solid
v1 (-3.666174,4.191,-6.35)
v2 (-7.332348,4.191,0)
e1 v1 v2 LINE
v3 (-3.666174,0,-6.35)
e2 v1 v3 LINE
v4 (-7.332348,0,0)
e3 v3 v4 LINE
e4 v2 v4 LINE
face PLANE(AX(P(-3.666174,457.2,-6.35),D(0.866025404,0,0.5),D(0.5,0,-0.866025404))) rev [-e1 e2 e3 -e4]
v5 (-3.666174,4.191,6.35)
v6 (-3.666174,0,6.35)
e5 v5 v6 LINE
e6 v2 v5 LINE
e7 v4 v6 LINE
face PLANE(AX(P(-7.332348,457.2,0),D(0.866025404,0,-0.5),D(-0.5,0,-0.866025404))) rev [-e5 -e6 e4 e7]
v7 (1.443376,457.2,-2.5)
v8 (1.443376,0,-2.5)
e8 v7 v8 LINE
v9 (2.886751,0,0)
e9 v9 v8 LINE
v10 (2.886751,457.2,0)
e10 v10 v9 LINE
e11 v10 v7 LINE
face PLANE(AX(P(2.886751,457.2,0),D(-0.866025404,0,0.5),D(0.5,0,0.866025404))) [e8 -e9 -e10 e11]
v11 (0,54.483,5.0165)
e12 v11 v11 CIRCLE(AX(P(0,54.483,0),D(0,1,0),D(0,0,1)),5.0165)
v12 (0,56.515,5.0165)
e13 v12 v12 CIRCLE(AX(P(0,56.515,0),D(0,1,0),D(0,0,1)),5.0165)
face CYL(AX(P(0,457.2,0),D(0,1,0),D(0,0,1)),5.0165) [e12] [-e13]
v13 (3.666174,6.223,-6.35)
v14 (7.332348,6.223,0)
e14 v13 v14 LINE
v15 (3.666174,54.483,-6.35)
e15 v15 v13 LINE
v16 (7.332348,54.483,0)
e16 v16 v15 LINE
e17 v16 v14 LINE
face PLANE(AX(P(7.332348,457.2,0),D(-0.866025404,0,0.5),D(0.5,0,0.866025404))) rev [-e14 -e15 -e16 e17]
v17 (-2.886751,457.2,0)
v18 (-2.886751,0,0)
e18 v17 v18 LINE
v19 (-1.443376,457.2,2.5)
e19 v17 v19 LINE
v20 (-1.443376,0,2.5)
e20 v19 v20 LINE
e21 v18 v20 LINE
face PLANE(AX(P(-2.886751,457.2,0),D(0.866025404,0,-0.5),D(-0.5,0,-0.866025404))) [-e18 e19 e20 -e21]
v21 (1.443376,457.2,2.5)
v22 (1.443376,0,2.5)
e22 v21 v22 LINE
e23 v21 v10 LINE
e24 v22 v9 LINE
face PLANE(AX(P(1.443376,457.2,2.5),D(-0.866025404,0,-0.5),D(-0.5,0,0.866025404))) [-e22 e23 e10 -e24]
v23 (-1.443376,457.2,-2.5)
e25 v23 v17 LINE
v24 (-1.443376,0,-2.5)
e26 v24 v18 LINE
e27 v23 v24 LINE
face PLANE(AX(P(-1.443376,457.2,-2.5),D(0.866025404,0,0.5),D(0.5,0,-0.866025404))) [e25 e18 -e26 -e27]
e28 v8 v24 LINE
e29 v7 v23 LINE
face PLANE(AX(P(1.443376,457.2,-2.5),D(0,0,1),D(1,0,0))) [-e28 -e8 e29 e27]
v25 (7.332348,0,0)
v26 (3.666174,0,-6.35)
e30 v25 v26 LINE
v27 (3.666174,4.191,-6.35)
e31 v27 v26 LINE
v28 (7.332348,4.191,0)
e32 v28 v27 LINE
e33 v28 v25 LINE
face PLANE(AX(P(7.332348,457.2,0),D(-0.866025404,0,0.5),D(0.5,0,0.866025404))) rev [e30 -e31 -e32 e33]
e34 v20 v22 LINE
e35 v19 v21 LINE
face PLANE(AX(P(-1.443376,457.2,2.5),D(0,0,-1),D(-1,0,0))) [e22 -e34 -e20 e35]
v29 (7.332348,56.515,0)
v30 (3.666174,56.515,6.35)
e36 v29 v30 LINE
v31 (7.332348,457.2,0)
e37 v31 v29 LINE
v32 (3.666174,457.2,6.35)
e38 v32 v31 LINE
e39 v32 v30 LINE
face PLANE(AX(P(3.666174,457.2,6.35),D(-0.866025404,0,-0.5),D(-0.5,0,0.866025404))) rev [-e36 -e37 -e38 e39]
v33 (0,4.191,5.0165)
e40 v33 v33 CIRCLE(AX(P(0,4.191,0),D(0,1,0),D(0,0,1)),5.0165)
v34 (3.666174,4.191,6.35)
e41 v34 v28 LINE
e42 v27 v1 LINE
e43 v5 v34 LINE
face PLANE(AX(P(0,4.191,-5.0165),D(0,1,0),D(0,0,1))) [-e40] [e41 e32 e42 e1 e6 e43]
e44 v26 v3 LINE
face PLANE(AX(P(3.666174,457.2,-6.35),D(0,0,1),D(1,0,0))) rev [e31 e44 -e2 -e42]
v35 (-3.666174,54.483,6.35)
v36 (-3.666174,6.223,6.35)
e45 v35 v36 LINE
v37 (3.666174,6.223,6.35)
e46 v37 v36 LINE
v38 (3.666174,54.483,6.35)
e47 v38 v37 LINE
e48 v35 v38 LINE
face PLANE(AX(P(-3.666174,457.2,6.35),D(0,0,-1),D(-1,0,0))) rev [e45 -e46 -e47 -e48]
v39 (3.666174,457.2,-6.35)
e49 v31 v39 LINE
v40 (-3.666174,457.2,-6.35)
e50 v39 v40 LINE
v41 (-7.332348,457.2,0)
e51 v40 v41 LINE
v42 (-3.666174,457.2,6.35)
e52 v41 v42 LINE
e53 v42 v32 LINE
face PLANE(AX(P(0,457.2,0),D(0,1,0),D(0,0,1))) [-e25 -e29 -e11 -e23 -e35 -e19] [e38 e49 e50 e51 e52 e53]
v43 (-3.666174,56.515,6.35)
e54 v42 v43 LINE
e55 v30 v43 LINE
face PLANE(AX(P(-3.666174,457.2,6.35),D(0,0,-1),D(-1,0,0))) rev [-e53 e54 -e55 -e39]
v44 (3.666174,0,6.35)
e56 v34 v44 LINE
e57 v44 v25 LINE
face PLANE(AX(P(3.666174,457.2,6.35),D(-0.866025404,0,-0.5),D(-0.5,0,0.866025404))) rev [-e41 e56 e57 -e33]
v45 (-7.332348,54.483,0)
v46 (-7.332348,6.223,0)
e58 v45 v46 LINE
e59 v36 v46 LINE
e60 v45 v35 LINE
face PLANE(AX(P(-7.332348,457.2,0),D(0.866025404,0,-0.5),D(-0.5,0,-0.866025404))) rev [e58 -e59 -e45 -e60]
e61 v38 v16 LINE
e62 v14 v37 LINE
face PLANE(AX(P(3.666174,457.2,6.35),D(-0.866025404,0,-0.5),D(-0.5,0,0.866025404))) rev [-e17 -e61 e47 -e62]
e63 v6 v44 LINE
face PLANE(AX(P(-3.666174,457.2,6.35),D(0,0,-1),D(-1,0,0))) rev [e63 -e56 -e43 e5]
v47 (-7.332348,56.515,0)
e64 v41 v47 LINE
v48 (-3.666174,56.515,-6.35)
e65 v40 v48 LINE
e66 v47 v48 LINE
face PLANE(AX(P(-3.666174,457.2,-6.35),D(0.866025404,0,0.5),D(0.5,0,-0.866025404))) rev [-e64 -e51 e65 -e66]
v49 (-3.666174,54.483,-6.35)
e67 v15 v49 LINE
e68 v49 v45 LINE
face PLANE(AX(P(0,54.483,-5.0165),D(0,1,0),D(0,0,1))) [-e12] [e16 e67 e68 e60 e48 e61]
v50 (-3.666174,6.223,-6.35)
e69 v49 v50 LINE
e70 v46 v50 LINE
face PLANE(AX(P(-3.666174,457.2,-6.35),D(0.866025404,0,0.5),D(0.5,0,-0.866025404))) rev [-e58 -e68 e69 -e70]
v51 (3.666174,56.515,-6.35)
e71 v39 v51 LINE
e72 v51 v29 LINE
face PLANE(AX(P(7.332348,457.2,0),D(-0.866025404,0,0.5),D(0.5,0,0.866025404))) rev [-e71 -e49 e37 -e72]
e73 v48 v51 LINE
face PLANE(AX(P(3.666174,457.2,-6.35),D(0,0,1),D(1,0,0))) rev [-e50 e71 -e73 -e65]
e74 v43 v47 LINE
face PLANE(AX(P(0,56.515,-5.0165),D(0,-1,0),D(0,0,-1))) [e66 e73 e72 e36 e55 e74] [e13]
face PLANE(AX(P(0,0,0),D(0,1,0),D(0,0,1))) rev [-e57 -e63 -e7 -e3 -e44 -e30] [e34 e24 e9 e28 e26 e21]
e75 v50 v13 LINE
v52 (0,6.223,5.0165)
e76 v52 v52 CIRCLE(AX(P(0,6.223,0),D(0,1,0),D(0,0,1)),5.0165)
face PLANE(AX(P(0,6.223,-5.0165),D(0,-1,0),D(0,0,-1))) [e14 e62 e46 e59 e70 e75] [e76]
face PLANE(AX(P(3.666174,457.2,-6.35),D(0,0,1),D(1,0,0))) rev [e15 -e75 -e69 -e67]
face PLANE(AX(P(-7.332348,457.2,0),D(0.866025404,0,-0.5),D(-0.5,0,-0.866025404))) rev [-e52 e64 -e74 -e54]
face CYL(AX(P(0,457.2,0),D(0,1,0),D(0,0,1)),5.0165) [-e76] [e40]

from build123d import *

# Parameters (mm, degrees)
BOSS_EXTRUDE1_DEPTH = 457.2
SKETCH3_W           = 2.54
SKETCH3_H           = 2.032


with BuildPart() as part:
    # Sketch1 → Boss-Extrude1 (new body)
    with BuildSketch(Plane(origin=(0, 0, 0), x_dir=(1, 0, 0), z_dir=(0, 1, 0))):
        Polygon((7.332348419, 0), (3.666174209, 6.35), (-3.666174209, 6.35), (-7.332348419, 0), (-3.666174209, -6.35), (3.666174209, -6.35), align=None)
        Polygon((1.443375673, 2.5), (-1.443375673, 2.5), (-2.886751346, 0), (-1.443375673, -2.5), (1.443375673, -2.5), (2.886751346, 0), align=None, mode=Mode.SUBTRACT)
    extrude(amount=BOSS_EXTRUDE1_DEPTH)

    # Sketch3 → Cut-Revolve2 (revolve, cut)
    with BuildSketch(Plane(origin=(0, 0, 0), x_dir=(0, 0, -1), z_dir=(1, 0, 0)), mode=Mode.PRIVATE) as cut_revolve2_sk:
        with Locations((6.2865, 55.499)):
            Rectangle(SKETCH3_W, SKETCH3_H)
        with Locations((6.2865, 5.207)):
            Rectangle(SKETCH3_W, SKETCH3_H)
    revolve(cut_revolve2_sk.sketch.rotate(Axis((0, 457.2, 0), (0, -1, 0)), 180), axis=Axis((0, 457.2, 0), (0, -1, 0)), mode=Mode.SUBTRACT)


solid = part.part
